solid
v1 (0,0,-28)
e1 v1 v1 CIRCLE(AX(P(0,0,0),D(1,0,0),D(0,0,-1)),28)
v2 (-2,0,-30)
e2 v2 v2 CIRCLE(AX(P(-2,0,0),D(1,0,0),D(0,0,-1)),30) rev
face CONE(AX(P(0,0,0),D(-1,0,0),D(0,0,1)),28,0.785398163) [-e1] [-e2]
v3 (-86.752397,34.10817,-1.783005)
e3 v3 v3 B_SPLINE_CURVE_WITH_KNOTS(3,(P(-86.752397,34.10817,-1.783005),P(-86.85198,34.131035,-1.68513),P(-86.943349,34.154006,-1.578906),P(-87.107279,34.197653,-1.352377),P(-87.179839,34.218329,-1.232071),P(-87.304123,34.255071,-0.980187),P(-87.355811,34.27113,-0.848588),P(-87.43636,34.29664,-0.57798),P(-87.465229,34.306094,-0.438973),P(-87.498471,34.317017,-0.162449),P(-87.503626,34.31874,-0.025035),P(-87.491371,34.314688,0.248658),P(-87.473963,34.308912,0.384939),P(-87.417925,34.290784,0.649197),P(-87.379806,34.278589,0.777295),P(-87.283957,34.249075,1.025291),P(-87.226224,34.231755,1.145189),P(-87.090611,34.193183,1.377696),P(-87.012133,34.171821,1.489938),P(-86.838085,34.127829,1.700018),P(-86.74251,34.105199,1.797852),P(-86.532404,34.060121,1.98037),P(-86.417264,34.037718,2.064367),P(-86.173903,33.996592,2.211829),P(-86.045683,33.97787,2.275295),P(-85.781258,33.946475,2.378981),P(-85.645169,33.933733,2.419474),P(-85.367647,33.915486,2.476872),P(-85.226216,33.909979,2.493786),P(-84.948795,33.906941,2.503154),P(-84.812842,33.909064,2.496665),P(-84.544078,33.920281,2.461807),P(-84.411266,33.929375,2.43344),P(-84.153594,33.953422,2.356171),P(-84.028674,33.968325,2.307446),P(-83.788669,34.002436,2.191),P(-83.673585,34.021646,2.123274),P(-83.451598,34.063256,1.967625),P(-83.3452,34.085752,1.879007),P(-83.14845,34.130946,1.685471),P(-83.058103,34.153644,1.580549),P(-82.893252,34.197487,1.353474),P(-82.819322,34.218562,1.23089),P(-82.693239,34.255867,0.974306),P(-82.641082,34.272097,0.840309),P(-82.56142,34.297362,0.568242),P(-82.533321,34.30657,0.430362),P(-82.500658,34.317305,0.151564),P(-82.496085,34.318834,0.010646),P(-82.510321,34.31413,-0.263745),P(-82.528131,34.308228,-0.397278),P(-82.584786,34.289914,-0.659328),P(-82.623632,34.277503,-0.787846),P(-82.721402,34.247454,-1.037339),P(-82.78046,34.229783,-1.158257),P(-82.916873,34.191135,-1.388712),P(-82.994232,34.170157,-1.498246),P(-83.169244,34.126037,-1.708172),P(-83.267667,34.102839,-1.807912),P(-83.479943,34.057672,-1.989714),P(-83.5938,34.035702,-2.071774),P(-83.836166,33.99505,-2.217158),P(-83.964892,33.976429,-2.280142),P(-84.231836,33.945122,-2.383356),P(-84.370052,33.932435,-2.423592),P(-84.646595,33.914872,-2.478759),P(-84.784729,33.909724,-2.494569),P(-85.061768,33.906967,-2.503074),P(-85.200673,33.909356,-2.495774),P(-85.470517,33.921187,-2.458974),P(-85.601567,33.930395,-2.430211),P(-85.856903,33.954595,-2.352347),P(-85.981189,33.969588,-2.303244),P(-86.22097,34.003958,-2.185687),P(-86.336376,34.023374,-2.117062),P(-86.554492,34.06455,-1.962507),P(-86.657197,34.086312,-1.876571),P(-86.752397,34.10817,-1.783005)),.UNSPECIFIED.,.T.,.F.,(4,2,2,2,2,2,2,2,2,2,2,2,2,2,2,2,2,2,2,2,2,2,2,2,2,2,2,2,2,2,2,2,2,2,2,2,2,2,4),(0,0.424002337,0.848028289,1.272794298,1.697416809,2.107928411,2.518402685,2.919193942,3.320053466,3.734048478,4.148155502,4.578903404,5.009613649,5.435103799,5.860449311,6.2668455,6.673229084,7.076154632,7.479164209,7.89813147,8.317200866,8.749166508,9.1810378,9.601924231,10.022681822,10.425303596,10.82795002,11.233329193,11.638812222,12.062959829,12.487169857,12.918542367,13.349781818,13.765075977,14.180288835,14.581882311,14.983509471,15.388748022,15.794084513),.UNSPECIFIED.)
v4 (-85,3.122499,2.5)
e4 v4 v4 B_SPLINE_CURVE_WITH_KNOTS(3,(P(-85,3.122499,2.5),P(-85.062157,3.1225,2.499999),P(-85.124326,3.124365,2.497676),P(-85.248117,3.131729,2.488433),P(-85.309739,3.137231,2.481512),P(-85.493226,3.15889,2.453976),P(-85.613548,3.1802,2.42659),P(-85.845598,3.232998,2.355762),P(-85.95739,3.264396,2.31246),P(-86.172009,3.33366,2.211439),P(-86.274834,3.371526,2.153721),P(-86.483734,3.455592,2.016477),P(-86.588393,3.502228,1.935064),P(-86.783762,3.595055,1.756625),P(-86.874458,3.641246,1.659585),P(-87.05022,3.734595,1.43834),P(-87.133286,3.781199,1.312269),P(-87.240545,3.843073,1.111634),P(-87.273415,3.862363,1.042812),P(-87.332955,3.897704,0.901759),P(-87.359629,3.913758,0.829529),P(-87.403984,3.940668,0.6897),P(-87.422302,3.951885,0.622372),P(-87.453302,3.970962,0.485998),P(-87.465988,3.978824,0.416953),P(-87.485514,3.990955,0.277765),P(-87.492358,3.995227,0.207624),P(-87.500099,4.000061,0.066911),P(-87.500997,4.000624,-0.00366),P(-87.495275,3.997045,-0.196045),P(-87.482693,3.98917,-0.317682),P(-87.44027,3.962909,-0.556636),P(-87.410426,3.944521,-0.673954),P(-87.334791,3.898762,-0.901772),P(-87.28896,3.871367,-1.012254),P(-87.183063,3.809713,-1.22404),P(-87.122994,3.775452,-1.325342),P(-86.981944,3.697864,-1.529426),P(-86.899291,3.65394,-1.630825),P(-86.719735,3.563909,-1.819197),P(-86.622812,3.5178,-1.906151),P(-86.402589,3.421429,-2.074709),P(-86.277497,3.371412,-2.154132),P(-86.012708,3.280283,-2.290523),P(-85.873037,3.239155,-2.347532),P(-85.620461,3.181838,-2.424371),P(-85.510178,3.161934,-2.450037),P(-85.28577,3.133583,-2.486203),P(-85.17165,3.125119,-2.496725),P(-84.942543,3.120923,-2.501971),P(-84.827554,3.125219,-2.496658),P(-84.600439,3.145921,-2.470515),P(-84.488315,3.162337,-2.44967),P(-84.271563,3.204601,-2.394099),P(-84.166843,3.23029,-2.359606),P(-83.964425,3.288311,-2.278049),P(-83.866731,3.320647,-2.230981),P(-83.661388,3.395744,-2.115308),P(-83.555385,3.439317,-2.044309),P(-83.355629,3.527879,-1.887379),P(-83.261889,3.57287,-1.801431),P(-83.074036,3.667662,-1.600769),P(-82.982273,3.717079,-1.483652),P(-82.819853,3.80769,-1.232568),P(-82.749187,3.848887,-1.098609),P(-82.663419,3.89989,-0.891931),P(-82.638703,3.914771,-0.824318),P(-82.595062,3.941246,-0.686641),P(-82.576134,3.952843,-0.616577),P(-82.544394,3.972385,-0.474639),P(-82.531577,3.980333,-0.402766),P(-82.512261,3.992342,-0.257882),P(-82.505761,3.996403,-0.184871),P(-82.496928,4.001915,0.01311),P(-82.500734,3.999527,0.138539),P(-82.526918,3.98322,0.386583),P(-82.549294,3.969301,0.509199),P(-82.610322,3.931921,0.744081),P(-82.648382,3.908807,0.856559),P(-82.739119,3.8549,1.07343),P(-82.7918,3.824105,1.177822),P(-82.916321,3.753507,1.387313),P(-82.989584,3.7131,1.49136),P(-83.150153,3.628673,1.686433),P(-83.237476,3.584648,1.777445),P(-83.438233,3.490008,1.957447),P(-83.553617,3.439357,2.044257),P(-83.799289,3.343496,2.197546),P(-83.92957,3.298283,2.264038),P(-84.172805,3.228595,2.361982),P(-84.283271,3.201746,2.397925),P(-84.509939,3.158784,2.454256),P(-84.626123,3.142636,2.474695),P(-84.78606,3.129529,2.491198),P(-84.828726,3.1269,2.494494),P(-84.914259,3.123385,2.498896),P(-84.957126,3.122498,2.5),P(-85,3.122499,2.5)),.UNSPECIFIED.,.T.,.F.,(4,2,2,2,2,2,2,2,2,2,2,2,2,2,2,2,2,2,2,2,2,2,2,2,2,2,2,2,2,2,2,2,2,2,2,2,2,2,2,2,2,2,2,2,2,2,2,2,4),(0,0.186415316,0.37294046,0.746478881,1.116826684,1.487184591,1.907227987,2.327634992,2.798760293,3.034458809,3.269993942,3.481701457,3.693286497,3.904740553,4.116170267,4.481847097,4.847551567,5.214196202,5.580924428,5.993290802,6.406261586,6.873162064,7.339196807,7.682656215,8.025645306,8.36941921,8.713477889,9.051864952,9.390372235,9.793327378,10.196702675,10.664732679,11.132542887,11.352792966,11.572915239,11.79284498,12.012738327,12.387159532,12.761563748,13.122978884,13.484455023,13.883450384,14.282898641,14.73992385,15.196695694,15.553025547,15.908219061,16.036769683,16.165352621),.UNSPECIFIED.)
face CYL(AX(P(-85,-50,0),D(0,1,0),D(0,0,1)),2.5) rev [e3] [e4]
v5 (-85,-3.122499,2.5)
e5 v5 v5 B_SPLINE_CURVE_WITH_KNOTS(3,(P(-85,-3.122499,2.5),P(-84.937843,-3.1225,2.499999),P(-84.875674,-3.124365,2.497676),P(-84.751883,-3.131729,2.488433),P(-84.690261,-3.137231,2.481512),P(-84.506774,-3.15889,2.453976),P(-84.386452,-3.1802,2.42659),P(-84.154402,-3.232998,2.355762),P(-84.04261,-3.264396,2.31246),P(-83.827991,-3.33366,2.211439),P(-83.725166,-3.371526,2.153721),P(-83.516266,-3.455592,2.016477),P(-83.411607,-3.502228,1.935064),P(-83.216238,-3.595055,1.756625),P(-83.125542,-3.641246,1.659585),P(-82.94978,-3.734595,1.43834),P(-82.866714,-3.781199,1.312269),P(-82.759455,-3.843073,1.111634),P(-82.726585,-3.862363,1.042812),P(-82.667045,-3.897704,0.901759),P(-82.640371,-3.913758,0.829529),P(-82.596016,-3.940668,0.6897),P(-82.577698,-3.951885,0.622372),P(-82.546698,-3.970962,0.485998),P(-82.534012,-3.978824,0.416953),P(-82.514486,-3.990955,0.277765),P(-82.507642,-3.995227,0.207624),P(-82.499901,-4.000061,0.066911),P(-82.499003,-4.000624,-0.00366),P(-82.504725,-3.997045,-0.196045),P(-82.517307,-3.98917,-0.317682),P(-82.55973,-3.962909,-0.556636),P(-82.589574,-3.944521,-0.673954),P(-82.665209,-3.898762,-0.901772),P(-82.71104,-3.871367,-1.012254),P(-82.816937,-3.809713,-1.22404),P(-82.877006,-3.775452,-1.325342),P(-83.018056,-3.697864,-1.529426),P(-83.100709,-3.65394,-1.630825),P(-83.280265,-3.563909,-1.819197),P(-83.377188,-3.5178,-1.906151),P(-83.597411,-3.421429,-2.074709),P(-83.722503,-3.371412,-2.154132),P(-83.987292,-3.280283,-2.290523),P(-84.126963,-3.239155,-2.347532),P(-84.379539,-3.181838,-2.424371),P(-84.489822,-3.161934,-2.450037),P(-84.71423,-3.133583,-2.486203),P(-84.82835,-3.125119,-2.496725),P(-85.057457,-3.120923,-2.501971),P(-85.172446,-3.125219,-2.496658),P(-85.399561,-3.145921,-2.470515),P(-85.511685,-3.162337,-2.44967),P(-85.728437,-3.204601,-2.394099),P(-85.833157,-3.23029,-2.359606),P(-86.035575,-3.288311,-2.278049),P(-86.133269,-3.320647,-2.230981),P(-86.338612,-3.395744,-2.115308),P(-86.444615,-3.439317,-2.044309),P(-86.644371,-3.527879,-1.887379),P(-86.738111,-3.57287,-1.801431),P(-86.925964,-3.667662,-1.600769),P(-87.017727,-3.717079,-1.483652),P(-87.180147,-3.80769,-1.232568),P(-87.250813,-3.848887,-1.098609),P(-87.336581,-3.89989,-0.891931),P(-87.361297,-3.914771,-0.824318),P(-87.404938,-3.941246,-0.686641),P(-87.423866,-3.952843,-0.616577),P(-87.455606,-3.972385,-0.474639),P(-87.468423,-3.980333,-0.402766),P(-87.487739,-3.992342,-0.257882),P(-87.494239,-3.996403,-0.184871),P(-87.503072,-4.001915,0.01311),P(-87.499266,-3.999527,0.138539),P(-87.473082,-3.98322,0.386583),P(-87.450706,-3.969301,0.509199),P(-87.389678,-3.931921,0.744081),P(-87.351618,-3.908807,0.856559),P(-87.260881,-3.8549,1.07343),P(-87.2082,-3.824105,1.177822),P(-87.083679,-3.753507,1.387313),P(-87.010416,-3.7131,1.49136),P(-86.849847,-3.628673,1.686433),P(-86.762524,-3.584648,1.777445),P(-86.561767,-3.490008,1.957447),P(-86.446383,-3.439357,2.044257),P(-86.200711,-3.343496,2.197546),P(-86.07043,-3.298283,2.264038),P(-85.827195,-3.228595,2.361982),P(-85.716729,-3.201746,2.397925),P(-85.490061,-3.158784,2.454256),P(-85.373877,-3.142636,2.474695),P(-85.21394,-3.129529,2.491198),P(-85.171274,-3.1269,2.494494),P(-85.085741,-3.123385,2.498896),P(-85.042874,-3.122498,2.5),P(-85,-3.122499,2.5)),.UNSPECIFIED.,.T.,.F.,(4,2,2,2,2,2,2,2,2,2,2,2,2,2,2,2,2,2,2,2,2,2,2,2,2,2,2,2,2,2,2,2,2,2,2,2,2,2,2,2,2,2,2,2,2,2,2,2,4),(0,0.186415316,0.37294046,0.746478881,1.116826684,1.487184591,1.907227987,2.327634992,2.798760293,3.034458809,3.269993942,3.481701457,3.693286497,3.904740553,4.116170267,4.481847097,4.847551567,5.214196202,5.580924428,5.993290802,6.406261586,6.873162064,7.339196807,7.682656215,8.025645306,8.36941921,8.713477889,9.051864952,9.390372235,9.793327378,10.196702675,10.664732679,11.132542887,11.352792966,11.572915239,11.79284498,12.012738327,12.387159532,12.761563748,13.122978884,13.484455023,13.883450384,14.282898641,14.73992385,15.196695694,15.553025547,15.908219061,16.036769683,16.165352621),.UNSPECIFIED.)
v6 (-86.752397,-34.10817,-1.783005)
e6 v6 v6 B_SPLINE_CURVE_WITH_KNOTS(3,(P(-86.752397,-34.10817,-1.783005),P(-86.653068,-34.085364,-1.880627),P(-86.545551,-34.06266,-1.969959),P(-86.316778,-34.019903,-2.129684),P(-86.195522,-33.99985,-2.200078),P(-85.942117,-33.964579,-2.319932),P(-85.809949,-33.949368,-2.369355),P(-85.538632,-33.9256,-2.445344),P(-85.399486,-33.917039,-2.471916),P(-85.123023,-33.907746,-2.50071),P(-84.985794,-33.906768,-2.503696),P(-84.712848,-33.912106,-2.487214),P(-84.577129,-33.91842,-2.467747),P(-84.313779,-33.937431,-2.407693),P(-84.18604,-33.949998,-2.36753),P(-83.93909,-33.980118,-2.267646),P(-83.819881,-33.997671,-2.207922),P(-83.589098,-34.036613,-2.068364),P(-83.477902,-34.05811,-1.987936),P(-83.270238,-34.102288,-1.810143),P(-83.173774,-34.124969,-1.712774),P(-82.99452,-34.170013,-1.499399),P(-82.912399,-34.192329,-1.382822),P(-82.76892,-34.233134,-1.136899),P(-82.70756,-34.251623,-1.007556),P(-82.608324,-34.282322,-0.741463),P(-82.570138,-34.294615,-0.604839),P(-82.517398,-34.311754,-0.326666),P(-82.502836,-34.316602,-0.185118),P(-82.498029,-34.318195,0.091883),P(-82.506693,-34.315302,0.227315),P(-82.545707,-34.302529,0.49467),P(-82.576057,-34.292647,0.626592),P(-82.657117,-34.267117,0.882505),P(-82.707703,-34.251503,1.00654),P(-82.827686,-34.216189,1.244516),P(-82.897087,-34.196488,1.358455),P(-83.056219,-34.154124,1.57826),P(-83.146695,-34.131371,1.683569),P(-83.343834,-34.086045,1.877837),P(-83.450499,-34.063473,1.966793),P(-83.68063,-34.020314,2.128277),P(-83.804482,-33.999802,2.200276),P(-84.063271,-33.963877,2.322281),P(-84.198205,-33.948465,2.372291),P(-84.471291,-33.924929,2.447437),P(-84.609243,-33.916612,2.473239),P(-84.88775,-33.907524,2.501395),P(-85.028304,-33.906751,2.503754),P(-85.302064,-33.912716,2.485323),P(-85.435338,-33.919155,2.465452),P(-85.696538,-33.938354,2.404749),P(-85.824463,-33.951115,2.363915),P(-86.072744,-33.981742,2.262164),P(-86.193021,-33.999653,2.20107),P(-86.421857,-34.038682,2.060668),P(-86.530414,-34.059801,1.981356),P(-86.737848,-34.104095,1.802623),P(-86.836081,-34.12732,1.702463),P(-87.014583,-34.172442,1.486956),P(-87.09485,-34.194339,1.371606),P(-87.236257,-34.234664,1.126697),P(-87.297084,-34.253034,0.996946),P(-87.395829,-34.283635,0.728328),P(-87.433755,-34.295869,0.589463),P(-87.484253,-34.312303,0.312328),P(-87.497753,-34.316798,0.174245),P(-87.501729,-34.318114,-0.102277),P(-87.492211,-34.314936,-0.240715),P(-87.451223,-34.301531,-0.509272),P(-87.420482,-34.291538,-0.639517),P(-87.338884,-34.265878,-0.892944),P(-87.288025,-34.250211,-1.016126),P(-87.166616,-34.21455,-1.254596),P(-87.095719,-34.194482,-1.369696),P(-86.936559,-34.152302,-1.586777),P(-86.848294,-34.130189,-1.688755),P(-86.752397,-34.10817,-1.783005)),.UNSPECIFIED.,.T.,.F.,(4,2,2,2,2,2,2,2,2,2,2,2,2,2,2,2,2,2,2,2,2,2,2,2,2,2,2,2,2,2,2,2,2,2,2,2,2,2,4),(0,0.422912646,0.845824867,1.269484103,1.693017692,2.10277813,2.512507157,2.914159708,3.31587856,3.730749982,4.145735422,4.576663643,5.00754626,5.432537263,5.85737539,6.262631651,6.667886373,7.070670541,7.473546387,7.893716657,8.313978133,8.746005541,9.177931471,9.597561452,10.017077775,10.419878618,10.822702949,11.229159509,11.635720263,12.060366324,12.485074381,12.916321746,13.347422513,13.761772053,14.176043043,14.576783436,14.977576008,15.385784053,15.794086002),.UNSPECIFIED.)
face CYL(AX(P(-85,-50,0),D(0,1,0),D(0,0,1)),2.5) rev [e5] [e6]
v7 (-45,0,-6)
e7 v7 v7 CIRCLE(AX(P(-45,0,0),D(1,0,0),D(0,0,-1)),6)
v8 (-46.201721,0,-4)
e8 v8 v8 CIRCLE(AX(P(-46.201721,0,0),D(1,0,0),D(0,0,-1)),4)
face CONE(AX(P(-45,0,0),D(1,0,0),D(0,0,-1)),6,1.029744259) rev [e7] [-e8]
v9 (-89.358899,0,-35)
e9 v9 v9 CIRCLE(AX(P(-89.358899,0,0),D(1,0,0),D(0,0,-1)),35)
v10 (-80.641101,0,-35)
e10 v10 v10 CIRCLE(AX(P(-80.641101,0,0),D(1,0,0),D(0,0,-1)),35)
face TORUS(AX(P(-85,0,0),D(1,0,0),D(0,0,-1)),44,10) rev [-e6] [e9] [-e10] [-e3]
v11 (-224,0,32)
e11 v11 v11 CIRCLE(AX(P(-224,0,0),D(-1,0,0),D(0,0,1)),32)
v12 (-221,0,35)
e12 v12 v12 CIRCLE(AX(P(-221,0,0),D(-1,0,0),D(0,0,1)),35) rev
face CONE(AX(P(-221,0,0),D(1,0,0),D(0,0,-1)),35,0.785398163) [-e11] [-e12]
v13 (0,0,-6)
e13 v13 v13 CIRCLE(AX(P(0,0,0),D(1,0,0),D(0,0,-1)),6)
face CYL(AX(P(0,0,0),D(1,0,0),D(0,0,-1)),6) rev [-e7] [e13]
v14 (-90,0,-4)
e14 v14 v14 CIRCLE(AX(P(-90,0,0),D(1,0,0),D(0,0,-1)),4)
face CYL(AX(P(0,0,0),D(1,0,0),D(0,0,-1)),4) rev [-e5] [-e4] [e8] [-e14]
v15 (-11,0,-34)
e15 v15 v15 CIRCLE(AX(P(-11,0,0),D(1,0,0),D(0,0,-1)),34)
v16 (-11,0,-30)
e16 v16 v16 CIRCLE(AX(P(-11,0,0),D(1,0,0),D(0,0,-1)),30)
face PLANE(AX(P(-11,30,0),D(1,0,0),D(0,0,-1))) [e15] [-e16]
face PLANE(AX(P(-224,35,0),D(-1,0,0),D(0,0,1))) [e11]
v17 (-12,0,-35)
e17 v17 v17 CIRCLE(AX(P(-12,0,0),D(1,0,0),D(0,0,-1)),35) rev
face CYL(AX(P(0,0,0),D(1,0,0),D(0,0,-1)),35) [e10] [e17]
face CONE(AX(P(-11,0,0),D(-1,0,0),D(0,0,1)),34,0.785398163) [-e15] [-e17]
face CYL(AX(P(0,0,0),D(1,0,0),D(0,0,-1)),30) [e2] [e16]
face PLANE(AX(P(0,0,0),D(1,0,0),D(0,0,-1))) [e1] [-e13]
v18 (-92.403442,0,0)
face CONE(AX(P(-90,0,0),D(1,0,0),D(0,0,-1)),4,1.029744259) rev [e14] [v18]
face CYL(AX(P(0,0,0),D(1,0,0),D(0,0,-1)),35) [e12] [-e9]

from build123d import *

# Parameters (mm, degrees)
CHAMFER_1_SIZE            = 3
CHAMFER_2_SIZE            = 2
CHAMFER_3_SIZE            = 1
SKETCH_2_R                = 2.5
CUT_EXTRUDE_1_DEPTH       = 50
HOLE_WIZARD_8_0_8_1_D     = 8
HOLE_WIZARD_8_0_8_1_DEPTH = 90
HOLE_WIZARD_8_0_8_1_TIP   = 2.403442476
HOLE_WIZARD_M14_1_D       = 12
HOLE_WIZARD_M14_1_DEPTH   = 45
HOLE_WIZARD_M14_1_TIP     = 3.605163714


with BuildPart() as part:
    # 草图1 → 旋转1 (revolve)
    with BuildSketch(Plane.XY, mode=Mode.PRIVATE) as revolve_1_sk:
        with BuildLine():
            Line((0, 0), (0, 30))
            Line((0, 30), (-11, 30))
            Line((-11, 30), (-11, 35))
            Line((-11, 35), (-80.641101056, 35))
            ThreePointArc((-80.641101056, 35), (-85, 34), (-89.358898944, 35))
            Line((-89.358898944, 35), (-224, 35))
            Line((-224, 35), (-224, 0))
            Line((-224, 0), (0, 0))
        make_face()
    revolve(revolve_1_sk.sketch.rotate(Axis((0, 0, 0), (-1, 0, 0)), 90), axis=Axis((0, 0, 0), (-1, 0, 0)))

    # 倒角1
    chamfer_1_edges = [part.edges().sort_by_distance(p)[0] for p in [
        (-224, 0, 35),
    ]]
    chamfer(chamfer_1_edges, length=CHAMFER_1_SIZE)

    # 倒角2
    chamfer_2_edges = [part.edges().sort_by_distance(p)[0] for p in [
        (0, 0, 30),
    ]]
    chamfer(chamfer_2_edges, length=CHAMFER_2_SIZE)

    # 倒角3
    chamfer_3_edges = [part.edges().sort_by_distance(p)[0] for p in [
        (-11, 0, 35),
    ]]
    chamfer(chamfer_3_edges, length=CHAMFER_3_SIZE)

    # 草图2 → 切除-拉伸1 (cut, symmetric)
    with BuildSketch(Plane(origin=(0, 0, 0), x_dir=(1, 0, 0), z_dir=(0, 1, 0))):
        with Locations(Location((-85, 0, 0), (0, 0, 134.50396252))):
            Circle(SKETCH_2_R)
    extrude(amount=CUT_EXTRUDE_1_DEPTH, both=True, mode=Mode.SUBTRACT)

    # Ø8.0 (8) 直径孔1
    with Locations(Plane(origin=(0, 0, 0), x_dir=(0, 0, 1), z_dir=(1, 0, 0))):
        with Locations((0, 0)):
            Hole(HOLE_WIZARD_8_0_8_1_D / 2, depth=HOLE_WIZARD_8_0_8_1_DEPTH)
            with Locations((0, 0, -(HOLE_WIZARD_8_0_8_1_DEPTH + HOLE_WIZARD_8_0_8_1_TIP / 2))):  # 118° drill point
                Cone(0, HOLE_WIZARD_8_0_8_1_D / 2, HOLE_WIZARD_8_0_8_1_TIP, mode=Mode.SUBTRACT)

    # M14 螺纹孔1
    with Locations(Plane(origin=(0, 0, 0), x_dir=(0, 0, 1), z_dir=(1, 0, 0))):
        with Locations((0, 0)):
            Hole(HOLE_WIZARD_M14_1_D / 2, depth=HOLE_WIZARD_M14_1_DEPTH)
            with Locations((0, 0, -(HOLE_WIZARD_M14_1_DEPTH + HOLE_WIZARD_M14_1_TIP / 2))):  # 118° drill point
                Cone(0, HOLE_WIZARD_M14_1_D / 2, HOLE_WIZARD_M14_1_TIP, mode=Mode.SUBTRACT)


solid = part.part
